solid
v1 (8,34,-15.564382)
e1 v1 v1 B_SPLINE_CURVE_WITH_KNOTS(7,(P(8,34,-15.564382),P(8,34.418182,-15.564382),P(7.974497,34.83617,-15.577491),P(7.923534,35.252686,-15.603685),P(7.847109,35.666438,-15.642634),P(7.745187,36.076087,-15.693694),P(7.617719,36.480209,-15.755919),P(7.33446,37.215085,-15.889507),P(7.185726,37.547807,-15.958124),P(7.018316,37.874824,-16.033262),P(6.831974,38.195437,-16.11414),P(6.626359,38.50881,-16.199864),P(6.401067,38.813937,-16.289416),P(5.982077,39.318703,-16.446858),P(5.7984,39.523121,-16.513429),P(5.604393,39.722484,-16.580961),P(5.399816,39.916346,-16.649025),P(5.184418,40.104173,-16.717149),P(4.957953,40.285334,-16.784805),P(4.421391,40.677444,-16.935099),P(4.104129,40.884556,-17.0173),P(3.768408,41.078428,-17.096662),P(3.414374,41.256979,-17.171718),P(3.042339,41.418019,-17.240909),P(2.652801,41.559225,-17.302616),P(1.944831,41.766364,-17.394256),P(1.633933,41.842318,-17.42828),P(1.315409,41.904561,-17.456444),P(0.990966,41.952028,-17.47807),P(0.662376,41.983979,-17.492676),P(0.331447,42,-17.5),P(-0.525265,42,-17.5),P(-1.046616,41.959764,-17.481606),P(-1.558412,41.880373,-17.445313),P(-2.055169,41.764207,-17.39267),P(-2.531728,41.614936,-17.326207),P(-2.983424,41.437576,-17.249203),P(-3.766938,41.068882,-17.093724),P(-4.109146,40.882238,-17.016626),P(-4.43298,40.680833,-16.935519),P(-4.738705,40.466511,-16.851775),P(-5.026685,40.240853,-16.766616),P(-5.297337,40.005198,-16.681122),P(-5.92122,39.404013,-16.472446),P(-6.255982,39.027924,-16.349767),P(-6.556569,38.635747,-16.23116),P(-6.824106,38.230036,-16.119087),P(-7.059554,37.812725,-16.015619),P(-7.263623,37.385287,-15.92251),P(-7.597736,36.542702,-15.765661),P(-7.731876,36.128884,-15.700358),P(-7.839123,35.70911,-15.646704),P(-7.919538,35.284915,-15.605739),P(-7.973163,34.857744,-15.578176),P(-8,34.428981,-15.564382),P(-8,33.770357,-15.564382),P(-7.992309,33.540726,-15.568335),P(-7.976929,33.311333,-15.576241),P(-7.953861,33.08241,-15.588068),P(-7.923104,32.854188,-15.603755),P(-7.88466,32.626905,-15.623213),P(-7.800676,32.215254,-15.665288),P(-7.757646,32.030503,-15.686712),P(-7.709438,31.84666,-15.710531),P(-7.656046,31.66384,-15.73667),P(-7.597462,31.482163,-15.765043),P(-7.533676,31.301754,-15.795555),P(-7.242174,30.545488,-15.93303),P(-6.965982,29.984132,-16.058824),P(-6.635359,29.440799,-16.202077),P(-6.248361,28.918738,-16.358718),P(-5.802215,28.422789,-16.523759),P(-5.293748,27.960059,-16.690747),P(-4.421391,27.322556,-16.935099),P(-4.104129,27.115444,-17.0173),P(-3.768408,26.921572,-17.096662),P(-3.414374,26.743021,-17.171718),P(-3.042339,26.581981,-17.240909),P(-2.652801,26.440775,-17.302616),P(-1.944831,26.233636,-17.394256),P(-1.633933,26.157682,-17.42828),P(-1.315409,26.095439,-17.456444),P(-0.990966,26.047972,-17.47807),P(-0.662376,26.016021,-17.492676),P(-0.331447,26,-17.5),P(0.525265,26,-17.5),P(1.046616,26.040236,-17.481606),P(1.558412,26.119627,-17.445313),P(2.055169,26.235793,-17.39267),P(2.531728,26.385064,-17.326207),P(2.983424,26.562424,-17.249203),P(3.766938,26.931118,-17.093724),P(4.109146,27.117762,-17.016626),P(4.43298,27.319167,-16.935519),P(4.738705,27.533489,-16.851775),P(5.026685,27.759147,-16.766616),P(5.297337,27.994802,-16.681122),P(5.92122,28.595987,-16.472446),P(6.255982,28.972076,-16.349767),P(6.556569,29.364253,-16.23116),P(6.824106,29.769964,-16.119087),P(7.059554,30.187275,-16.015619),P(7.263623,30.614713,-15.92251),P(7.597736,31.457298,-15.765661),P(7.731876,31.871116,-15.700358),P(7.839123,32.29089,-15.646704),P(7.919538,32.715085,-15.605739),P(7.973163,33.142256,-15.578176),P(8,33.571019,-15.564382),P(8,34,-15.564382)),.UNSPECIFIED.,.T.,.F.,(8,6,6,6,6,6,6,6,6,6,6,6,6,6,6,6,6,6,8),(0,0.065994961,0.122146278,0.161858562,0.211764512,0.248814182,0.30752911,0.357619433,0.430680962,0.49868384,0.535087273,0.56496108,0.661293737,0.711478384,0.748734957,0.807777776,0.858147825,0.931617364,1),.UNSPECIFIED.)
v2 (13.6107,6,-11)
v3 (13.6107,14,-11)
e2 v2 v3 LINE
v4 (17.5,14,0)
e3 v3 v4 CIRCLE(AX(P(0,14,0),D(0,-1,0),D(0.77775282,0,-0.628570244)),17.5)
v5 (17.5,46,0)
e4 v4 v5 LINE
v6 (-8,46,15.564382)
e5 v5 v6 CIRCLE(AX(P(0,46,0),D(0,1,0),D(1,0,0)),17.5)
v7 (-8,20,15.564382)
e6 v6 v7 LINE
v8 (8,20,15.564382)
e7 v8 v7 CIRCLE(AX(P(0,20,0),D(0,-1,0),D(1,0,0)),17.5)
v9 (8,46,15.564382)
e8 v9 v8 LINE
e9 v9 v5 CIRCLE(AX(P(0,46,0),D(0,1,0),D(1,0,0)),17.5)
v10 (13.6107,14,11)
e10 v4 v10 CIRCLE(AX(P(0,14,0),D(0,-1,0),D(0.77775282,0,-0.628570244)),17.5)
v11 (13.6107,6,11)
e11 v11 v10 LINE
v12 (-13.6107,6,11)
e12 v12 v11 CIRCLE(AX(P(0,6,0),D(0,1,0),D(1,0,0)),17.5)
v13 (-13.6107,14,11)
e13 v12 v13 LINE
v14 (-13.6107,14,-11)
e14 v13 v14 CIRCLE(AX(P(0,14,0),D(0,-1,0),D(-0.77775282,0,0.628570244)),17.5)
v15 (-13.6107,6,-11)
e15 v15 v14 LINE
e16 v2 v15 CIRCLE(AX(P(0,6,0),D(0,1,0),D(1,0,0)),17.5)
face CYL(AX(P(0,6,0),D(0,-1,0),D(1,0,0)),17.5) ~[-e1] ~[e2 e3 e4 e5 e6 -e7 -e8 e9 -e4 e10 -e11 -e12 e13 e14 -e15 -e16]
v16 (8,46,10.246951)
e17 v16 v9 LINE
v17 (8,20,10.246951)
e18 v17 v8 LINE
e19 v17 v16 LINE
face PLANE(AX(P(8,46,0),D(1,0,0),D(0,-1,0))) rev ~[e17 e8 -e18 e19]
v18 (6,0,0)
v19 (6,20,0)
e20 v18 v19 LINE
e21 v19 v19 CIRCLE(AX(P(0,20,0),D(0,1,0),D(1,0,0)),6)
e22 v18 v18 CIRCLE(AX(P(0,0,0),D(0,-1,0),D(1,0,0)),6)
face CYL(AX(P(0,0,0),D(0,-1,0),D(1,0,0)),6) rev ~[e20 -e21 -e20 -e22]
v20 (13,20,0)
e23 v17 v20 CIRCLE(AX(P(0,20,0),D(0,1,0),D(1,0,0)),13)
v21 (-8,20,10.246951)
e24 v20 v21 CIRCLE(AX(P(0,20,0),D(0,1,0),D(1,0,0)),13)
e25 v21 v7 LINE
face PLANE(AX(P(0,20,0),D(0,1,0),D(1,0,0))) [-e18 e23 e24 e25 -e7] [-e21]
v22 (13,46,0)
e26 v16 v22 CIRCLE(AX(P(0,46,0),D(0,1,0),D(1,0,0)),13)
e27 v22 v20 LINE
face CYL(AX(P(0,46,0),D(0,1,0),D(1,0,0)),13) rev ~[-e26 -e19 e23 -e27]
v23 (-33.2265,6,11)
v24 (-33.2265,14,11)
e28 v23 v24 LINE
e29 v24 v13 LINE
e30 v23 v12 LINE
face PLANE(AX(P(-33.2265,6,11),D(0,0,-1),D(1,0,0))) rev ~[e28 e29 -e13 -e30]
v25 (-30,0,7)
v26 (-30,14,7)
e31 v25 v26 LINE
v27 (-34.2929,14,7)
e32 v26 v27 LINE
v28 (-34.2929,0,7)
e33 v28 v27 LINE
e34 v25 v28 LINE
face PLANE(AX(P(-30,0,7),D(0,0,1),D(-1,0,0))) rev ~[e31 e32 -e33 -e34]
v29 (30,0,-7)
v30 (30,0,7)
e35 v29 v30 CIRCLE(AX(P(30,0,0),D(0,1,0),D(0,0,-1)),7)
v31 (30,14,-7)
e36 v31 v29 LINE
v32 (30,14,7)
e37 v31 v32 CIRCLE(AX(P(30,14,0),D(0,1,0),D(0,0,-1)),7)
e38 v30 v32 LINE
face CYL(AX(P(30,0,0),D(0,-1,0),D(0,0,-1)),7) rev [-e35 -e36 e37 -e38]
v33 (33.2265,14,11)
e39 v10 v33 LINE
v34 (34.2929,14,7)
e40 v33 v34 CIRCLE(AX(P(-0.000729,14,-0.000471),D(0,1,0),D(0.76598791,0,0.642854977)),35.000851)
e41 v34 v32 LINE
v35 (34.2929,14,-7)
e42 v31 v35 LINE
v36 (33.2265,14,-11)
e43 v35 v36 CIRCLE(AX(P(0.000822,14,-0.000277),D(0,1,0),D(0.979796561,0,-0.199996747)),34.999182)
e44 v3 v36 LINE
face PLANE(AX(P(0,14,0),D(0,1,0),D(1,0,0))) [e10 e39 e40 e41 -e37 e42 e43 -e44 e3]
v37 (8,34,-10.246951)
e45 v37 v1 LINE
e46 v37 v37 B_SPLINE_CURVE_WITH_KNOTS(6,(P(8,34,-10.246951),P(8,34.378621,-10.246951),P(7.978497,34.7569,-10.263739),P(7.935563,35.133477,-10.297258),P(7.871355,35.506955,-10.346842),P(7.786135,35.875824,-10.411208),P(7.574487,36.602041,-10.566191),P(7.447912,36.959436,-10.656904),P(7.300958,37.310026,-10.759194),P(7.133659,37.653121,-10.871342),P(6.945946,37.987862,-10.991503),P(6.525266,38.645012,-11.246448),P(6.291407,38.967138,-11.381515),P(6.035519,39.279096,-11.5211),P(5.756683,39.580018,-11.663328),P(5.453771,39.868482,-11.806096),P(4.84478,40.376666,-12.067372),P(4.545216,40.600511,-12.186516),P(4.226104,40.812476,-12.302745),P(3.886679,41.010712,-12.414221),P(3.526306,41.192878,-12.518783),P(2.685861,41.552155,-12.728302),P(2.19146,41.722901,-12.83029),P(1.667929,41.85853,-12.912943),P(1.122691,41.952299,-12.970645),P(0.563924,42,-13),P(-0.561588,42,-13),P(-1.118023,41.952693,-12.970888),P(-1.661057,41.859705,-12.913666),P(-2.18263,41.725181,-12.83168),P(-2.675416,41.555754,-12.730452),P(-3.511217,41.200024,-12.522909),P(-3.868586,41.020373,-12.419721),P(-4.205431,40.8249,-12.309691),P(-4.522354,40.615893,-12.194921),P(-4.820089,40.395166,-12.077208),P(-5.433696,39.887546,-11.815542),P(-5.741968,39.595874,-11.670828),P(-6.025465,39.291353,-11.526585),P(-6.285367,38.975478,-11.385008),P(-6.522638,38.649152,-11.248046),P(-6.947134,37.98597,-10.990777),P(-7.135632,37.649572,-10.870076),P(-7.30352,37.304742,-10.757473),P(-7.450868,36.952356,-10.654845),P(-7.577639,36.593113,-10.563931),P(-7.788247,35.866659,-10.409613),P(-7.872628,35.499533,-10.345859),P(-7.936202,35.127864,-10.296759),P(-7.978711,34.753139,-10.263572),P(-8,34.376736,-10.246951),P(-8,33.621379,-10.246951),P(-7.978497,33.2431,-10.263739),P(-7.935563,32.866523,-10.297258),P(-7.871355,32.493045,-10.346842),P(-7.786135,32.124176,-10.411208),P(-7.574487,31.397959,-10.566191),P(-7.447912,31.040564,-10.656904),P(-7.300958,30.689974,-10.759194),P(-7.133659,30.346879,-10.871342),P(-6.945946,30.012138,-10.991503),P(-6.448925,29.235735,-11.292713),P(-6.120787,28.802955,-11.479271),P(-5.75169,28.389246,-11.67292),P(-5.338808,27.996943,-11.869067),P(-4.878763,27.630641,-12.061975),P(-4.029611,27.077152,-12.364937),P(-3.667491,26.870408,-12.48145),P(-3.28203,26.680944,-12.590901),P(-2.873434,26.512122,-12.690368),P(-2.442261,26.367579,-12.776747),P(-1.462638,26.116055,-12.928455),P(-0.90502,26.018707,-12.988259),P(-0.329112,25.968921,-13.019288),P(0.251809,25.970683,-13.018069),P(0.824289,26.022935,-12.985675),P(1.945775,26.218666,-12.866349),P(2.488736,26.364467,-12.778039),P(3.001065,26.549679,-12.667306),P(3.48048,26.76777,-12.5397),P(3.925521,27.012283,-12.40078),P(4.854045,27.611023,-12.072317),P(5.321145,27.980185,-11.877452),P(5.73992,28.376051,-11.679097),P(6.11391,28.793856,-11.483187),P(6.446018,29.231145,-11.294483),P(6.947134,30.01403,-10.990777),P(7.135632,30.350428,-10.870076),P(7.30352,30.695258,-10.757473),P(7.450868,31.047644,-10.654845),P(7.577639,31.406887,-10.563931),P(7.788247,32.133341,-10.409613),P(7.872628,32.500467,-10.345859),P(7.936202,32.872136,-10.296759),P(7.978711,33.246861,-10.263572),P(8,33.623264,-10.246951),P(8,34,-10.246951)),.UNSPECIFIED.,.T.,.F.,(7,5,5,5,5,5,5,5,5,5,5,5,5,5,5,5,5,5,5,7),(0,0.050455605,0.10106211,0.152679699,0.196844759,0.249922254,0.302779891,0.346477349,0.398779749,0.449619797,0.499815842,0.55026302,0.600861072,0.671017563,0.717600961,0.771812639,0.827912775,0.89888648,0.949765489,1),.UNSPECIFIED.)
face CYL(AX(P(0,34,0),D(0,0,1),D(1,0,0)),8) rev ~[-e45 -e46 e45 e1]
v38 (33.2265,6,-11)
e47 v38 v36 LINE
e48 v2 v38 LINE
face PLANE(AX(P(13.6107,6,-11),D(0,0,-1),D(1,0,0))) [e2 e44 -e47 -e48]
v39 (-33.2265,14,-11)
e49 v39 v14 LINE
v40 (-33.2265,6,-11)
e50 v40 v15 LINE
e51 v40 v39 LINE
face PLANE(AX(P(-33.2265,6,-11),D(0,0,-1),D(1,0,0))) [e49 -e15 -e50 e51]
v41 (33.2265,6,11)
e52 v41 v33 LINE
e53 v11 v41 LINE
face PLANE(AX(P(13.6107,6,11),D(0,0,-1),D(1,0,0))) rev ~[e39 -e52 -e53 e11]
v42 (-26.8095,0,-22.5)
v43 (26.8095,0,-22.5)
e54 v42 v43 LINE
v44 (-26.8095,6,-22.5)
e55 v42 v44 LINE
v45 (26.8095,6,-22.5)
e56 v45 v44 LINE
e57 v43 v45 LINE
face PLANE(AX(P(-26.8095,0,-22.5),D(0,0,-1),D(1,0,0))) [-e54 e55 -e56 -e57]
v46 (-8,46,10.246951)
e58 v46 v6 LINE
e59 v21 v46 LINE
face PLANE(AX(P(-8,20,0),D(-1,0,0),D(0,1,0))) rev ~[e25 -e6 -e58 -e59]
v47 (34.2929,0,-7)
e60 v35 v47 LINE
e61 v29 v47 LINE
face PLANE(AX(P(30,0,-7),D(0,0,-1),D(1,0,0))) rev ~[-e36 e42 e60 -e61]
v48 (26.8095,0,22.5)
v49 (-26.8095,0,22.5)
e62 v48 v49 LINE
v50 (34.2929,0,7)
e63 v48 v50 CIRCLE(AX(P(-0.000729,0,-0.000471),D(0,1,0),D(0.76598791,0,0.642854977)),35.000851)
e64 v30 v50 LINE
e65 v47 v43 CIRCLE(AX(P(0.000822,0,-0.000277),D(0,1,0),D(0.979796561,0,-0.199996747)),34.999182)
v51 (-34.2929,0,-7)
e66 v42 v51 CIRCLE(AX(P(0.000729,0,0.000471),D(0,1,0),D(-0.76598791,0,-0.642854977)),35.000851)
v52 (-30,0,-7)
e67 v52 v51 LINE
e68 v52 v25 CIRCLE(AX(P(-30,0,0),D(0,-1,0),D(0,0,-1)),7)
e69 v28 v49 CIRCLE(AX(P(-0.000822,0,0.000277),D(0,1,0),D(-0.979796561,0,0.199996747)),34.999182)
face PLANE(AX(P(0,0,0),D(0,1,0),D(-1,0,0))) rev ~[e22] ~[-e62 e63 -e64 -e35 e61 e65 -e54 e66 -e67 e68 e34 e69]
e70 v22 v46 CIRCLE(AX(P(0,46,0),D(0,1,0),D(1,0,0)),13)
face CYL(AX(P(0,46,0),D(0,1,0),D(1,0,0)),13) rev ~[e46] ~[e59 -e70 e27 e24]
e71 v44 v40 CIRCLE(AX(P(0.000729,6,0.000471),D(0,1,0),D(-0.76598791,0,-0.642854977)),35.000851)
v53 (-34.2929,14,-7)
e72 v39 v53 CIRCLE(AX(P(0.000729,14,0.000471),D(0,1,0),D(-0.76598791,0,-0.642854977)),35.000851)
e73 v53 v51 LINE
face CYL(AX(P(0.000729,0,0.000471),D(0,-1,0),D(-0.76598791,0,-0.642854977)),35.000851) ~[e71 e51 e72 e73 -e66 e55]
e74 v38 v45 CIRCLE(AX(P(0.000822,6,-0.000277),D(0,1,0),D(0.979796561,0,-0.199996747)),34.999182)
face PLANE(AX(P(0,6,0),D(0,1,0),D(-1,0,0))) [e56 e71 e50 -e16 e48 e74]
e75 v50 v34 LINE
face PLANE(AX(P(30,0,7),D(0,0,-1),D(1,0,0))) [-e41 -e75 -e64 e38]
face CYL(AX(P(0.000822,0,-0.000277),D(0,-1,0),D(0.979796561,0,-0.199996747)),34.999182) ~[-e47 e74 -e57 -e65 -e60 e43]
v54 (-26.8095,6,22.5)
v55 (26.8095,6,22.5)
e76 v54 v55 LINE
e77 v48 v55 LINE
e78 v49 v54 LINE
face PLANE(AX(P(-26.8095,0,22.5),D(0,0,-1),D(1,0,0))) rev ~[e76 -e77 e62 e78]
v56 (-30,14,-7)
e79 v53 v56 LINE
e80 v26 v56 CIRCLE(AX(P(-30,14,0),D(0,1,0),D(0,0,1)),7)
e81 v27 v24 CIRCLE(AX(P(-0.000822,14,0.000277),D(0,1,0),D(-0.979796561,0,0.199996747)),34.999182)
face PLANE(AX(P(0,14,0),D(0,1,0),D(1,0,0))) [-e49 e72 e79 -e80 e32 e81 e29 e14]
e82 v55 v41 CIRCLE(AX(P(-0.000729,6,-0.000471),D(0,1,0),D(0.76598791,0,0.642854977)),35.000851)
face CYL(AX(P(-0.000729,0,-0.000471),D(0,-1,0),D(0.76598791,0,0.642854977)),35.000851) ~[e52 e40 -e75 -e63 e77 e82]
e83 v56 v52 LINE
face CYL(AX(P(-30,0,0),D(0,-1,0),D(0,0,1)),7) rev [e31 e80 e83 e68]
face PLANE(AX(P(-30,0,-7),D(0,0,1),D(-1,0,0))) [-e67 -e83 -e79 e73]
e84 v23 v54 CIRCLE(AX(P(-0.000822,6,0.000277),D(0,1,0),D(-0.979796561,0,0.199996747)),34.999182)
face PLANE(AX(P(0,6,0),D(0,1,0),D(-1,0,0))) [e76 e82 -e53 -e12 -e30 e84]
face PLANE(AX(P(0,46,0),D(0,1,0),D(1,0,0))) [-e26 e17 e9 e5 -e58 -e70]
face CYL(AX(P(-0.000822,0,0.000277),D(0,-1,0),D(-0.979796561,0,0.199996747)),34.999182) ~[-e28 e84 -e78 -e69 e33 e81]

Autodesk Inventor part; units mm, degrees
ref_plane "YZ Plane" through (0, 0, 0) normal (1, 0, 0) x (0, 1, 0)
ref_plane "XZ Plane" through (0, 0, 0) normal (0, 1, 0) x (-1, 0, 0)
ref_plane "XY Plane" through (0, 0, 0) normal (0, 0, 1) x (1, 0, 0)
sketch "草图1" plane through (0, 0, 0) normal (0, 1, 0) x (-1, 0, 0)
  line L0 (55.7629, 0) -> (-64.7988, 0)
  line L1 (26.8095, -22.5) -> (-26.8095, -22.5)
  line L2 (26.8095, 22.5) -> (-29.1705, 22.5)
  line L3 (0, -45.1984) -> (0, 63.6584)
  arc A0 (30, 7) -> (30, -7) centre (30, 0) ccw
  arc A1 (-30, -7) -> (-30, 7) centre (-30, 0) ccw
  line L4 (30, -7) -> (34.2929, -7)
  line L5 (30, 7) -> (34.2929, 7)
  line L6 (-30, -7) -> (-34.2929, -7)
  line L7 (-30, 7) -> (-34.2929, 7)
  arc A2 (26.8095, -22.5) -> (34.2929, -7) centre (0, 0) ccw
  arc A3 (34.2929, 7) -> (26.8095, 22.5) centre (0, 0) ccw
  arc A4 (-26.8095, 22.5) -> (-34.2929, 7) centre (0, 0) ccw
  arc A5 (-34.2929, -7) -> (-26.8095, -22.5) centre (0, 0) ccw
  dimension "d1" = 45
  dimension "d2" = 14
  dimension "d3" = 60
extrude "拉伸1" add sketch "草图1" along normal blind 6
sketch "草图2" plane through (0, 6, 0) normal (0, 1, 0) x (1, 0, 0)
  arc A0 (34.2929, 7) -> (26.8095, 22.5) centre (0, 0) ccw projected
  circle A1 centre (0, 0) radius 17.5
  dimension "d6" = 35
extrude "拉伸2" add sketch "草图2" along normal blind 40
sketch "草图3" plane through (0, 0, 0) normal (0, -1, 0) x (1, 0, 0)
  arc A0 (-34.2929, -7) -> (-26.8095, -22.5) centre (0, 0) ccw projected
  circle A1 centre (0, 0) radius 6
  dimension "d9" = 12
extrude "拉伸3" cut sketch "草图3" against normal blind 60
sketch "草图4" plane through (0, 6, 0) normal (0, 1, 0) x (1, 0, 0)
  circle A0 centre (0, 0) radius 17.5 projected
  arc A1 (-26.8095, 22.5) -> (-34.2929, 7) centre (0, 0) ccw projected
  line L0 (-34.2929, 7) -> (-30, 7) projected
  arc A2 (-30, -7) -> (-30, 7) centre (-30, 0) ccw projected
  line L1 (-30, -7) -> (-34.2929, -7) projected
  arc A3 (-34.2929, -7) -> (-26.8095, -22.5) centre (0, 0) ccw projected
  arc A4 (26.8095, -22.5) -> (34.2929, -7) centre (0, 0) ccw projected
  line L2 (34.2929, -7) -> (30, -7) projected
  arc A5 (30, 7) -> (30, -7) centre (30, 0) ccw projected
  line L3 (30, 7) -> (34.2929, 7) projected
  arc A6 (34.2929, 7) -> (26.8095, 22.5) centre (0, 0) ccw projected
  line L4 (-33.2265, 11) -> (-13.6107, 11)
  line L5 (13.6107, 11) -> (33.2265, 11)
  line L6 (-33.2265, -11) -> (-13.6107, -11)
  line L7 (13.6107, -11) -> (33.2265, -11)
  line L8 (-37.479, 0) -> (55.827, 0)
  line L9 (0, 23.5503) -> (0, -22.0958)
  dimension "d12" = 22
extrude "拉伸4" add sketch "草图4" along normal blind 8 contours L8 A5 L2 A4 L7 A0 | A0 L5 A6 L3 A5 L8 | L8 A2 L0 A1 L4 A0 | A0 L6 A3 L1 A2 L8
sketch "草图5" plane through (0, 46, 0) normal (0, 1, 0) x (1, 0, 0)
  circle A0 centre (0, 0) radius 6 projected
  circle A1 centre (0, 0) radius 17.5 projected
  circle A2 centre (0, 0) radius 13
  dimension "d15" = 26
extrude "拉伸5" cut sketch "草图5" against normal blind 26 contours A2
sketch "草图6" plane through (0, 0, 0) normal (0, 0, 1) x (1, 0, 0)
  point P0 (0, 0)
sketch "草图7" plane through (0, 0, 0) normal (0, 0, 1) x (1, 0, 0)
  line L0 (0, 0) -> (0, 58.8844)
  line L1 (-23, 14) -> (-17.5, 14) projected
  line L2 (-17.5, 14) -> (-17.5, 46) projected
  line L3 (-17.5, 46) -> (-13, 46) projected
  line L4 (-13, 46) -> (-13, 20) projected
  line L5 (-13, 20) -> (-6, 20) projected
  line L6 (-6, 20) -> (-6, 0) projected
  line L7 (-6, 0) -> (-23, 0) projected
  line L8 (-23, 0) -> (-23, 14) projected
  line L9 (17.5, 14) -> (23, 14) projected
  line L10 (23, 14) -> (23, 0) projected
  line L11 (23, 0) -> (6, 0) projected
  line L12 (6, 0) -> (6, 20) projected
  line L13 (6, 20) -> (13, 20) projected
  line L14 (13, 20) -> (13, 46) projected
  line L15 (13, 46) -> (17.5, 46) projected
  line L16 (17.5, 46) -> (17.5, 14) projected
  circle A0 centre (0, 34) radius 8
  line L17 (-13, 46) -> (13, 46) projected
  dimension "d18" = 16
  dimension "d19" = 12
extrude "拉伸6" cut sketch "草图7" against normal blind 26 contours A0 L0 | L0 A0
sketch "草图8" plane through (0, 0, 0) normal (0, 0, 1) x (1, 0, 0)
  line L0 (-23, 14) -> (-17.5, 14) projected
  line L1 (-17.5, 14) -> (-17.5, 46) projected
  line L2 (-17.5, 46) -> (-13, 46) projected
  line L3 (-13, 46) -> (-13, 20) projected
  line L4 (-13, 20) -> (-6, 20) projected
  line L5 (-6, 20) -> (-6, 0) projected
  line L6 (-6, 0) -> (-23, 0) projected
  line L7 (-23, 0) -> (-23, 14) projected
  line L8 (17.5, 14) -> (23, 14) projected
  line L9 (23, 14) -> (23, 0) projected
  line L10 (23, 0) -> (6, 0) projected
  line L11 (6, 0) -> (6, 20) projected
  line L12 (6, 20) -> (13, 20) projected
  line L13 (13, 20) -> (13, 46) projected
  line L14 (13, 46) -> (17.5, 46) projected
  line L15 (17.5, 46) -> (17.5, 14) projected
  line L16 (-23, 14) -> (-17.5, 14) projected
  line L17 (-17.5, 14) -> (-17.5, 46) projected
  line L18 (-17.5, 46) -> (-13, 46) projected
  line L19 (-13, 46) -> (-13, 20) projected
  line L20 (-13, 20) -> (-6, 20) projected
  line L21 (-6, 20) -> (-6, 0) projected
  line L22 (-6, 0) -> (-23, 0) projected
  line L23 (-23, 0) -> (-23, 14) projected
  line L24 (17.5, 14) -> (23, 14) projected
  line L25 (23, 14) -> (23, 0) projected
  line L26 (23, 0) -> (6, 0) projected
  line L27 (6, 0) -> (6, 20) projected
  line L28 (6, 20) -> (13, 20) projected
  line L29 (13, 20) -> (13, 46) projected
  line L30 (13, 46) -> (17.5, 46) projected
  line L31 (17.5, 46) -> (17.5, 14) projected
  line L32 (-23, 14) -> (-17.5, 14) projected
  line L33 (-17.5, 14) -> (-17.5, 46) projected
  line L34 (-17.5, 46) -> (-13, 46) projected
  line L35 (-13, 46) -> (-13, 20) projected
  line L36 (-13, 20) -> (-6, 20) projected
  line L37 (-6, 20) -> (-6, 0) projected
  line L38 (-6, 0) -> (-23, 0) projected
  line L39 (-23, 0) -> (-23, 14) projected
  line L40 (17.5, 14) -> (23, 14) projected
  line L41 (23, 14) -> (23, 0) projected
  line L42 (23, 0) -> (6, 0) projected
  line L43 (6, 0) -> (6, 20) projected
  line L44 (6, 20) -> (13, 20) projected
  line L45 (13, 20) -> (13, 46) projected
  line L46 (13, 46) -> (17.5, 46) projected
  line L47 (17.5, 46) -> (17.5, 14) projected
  line L48 (0, 49.6225) -> (0, -12.8831)
  line L49 (-8, 46) -> (8, 46)
  line L50 (8, 46) -> (8, 20)
  line L51 (8, 20) -> (-8, 20)
  line L52 (-8, 20) -> (-8, 46)
  point P0 (0, 0)
  dimension "d22" = 16
  dimension "d23" = 26
extrude "拉伸7" cut sketch "草图8" along normal blind 26 contours L4 L52 L49 L48 L51 | L48 L49 L50 L12 L51
